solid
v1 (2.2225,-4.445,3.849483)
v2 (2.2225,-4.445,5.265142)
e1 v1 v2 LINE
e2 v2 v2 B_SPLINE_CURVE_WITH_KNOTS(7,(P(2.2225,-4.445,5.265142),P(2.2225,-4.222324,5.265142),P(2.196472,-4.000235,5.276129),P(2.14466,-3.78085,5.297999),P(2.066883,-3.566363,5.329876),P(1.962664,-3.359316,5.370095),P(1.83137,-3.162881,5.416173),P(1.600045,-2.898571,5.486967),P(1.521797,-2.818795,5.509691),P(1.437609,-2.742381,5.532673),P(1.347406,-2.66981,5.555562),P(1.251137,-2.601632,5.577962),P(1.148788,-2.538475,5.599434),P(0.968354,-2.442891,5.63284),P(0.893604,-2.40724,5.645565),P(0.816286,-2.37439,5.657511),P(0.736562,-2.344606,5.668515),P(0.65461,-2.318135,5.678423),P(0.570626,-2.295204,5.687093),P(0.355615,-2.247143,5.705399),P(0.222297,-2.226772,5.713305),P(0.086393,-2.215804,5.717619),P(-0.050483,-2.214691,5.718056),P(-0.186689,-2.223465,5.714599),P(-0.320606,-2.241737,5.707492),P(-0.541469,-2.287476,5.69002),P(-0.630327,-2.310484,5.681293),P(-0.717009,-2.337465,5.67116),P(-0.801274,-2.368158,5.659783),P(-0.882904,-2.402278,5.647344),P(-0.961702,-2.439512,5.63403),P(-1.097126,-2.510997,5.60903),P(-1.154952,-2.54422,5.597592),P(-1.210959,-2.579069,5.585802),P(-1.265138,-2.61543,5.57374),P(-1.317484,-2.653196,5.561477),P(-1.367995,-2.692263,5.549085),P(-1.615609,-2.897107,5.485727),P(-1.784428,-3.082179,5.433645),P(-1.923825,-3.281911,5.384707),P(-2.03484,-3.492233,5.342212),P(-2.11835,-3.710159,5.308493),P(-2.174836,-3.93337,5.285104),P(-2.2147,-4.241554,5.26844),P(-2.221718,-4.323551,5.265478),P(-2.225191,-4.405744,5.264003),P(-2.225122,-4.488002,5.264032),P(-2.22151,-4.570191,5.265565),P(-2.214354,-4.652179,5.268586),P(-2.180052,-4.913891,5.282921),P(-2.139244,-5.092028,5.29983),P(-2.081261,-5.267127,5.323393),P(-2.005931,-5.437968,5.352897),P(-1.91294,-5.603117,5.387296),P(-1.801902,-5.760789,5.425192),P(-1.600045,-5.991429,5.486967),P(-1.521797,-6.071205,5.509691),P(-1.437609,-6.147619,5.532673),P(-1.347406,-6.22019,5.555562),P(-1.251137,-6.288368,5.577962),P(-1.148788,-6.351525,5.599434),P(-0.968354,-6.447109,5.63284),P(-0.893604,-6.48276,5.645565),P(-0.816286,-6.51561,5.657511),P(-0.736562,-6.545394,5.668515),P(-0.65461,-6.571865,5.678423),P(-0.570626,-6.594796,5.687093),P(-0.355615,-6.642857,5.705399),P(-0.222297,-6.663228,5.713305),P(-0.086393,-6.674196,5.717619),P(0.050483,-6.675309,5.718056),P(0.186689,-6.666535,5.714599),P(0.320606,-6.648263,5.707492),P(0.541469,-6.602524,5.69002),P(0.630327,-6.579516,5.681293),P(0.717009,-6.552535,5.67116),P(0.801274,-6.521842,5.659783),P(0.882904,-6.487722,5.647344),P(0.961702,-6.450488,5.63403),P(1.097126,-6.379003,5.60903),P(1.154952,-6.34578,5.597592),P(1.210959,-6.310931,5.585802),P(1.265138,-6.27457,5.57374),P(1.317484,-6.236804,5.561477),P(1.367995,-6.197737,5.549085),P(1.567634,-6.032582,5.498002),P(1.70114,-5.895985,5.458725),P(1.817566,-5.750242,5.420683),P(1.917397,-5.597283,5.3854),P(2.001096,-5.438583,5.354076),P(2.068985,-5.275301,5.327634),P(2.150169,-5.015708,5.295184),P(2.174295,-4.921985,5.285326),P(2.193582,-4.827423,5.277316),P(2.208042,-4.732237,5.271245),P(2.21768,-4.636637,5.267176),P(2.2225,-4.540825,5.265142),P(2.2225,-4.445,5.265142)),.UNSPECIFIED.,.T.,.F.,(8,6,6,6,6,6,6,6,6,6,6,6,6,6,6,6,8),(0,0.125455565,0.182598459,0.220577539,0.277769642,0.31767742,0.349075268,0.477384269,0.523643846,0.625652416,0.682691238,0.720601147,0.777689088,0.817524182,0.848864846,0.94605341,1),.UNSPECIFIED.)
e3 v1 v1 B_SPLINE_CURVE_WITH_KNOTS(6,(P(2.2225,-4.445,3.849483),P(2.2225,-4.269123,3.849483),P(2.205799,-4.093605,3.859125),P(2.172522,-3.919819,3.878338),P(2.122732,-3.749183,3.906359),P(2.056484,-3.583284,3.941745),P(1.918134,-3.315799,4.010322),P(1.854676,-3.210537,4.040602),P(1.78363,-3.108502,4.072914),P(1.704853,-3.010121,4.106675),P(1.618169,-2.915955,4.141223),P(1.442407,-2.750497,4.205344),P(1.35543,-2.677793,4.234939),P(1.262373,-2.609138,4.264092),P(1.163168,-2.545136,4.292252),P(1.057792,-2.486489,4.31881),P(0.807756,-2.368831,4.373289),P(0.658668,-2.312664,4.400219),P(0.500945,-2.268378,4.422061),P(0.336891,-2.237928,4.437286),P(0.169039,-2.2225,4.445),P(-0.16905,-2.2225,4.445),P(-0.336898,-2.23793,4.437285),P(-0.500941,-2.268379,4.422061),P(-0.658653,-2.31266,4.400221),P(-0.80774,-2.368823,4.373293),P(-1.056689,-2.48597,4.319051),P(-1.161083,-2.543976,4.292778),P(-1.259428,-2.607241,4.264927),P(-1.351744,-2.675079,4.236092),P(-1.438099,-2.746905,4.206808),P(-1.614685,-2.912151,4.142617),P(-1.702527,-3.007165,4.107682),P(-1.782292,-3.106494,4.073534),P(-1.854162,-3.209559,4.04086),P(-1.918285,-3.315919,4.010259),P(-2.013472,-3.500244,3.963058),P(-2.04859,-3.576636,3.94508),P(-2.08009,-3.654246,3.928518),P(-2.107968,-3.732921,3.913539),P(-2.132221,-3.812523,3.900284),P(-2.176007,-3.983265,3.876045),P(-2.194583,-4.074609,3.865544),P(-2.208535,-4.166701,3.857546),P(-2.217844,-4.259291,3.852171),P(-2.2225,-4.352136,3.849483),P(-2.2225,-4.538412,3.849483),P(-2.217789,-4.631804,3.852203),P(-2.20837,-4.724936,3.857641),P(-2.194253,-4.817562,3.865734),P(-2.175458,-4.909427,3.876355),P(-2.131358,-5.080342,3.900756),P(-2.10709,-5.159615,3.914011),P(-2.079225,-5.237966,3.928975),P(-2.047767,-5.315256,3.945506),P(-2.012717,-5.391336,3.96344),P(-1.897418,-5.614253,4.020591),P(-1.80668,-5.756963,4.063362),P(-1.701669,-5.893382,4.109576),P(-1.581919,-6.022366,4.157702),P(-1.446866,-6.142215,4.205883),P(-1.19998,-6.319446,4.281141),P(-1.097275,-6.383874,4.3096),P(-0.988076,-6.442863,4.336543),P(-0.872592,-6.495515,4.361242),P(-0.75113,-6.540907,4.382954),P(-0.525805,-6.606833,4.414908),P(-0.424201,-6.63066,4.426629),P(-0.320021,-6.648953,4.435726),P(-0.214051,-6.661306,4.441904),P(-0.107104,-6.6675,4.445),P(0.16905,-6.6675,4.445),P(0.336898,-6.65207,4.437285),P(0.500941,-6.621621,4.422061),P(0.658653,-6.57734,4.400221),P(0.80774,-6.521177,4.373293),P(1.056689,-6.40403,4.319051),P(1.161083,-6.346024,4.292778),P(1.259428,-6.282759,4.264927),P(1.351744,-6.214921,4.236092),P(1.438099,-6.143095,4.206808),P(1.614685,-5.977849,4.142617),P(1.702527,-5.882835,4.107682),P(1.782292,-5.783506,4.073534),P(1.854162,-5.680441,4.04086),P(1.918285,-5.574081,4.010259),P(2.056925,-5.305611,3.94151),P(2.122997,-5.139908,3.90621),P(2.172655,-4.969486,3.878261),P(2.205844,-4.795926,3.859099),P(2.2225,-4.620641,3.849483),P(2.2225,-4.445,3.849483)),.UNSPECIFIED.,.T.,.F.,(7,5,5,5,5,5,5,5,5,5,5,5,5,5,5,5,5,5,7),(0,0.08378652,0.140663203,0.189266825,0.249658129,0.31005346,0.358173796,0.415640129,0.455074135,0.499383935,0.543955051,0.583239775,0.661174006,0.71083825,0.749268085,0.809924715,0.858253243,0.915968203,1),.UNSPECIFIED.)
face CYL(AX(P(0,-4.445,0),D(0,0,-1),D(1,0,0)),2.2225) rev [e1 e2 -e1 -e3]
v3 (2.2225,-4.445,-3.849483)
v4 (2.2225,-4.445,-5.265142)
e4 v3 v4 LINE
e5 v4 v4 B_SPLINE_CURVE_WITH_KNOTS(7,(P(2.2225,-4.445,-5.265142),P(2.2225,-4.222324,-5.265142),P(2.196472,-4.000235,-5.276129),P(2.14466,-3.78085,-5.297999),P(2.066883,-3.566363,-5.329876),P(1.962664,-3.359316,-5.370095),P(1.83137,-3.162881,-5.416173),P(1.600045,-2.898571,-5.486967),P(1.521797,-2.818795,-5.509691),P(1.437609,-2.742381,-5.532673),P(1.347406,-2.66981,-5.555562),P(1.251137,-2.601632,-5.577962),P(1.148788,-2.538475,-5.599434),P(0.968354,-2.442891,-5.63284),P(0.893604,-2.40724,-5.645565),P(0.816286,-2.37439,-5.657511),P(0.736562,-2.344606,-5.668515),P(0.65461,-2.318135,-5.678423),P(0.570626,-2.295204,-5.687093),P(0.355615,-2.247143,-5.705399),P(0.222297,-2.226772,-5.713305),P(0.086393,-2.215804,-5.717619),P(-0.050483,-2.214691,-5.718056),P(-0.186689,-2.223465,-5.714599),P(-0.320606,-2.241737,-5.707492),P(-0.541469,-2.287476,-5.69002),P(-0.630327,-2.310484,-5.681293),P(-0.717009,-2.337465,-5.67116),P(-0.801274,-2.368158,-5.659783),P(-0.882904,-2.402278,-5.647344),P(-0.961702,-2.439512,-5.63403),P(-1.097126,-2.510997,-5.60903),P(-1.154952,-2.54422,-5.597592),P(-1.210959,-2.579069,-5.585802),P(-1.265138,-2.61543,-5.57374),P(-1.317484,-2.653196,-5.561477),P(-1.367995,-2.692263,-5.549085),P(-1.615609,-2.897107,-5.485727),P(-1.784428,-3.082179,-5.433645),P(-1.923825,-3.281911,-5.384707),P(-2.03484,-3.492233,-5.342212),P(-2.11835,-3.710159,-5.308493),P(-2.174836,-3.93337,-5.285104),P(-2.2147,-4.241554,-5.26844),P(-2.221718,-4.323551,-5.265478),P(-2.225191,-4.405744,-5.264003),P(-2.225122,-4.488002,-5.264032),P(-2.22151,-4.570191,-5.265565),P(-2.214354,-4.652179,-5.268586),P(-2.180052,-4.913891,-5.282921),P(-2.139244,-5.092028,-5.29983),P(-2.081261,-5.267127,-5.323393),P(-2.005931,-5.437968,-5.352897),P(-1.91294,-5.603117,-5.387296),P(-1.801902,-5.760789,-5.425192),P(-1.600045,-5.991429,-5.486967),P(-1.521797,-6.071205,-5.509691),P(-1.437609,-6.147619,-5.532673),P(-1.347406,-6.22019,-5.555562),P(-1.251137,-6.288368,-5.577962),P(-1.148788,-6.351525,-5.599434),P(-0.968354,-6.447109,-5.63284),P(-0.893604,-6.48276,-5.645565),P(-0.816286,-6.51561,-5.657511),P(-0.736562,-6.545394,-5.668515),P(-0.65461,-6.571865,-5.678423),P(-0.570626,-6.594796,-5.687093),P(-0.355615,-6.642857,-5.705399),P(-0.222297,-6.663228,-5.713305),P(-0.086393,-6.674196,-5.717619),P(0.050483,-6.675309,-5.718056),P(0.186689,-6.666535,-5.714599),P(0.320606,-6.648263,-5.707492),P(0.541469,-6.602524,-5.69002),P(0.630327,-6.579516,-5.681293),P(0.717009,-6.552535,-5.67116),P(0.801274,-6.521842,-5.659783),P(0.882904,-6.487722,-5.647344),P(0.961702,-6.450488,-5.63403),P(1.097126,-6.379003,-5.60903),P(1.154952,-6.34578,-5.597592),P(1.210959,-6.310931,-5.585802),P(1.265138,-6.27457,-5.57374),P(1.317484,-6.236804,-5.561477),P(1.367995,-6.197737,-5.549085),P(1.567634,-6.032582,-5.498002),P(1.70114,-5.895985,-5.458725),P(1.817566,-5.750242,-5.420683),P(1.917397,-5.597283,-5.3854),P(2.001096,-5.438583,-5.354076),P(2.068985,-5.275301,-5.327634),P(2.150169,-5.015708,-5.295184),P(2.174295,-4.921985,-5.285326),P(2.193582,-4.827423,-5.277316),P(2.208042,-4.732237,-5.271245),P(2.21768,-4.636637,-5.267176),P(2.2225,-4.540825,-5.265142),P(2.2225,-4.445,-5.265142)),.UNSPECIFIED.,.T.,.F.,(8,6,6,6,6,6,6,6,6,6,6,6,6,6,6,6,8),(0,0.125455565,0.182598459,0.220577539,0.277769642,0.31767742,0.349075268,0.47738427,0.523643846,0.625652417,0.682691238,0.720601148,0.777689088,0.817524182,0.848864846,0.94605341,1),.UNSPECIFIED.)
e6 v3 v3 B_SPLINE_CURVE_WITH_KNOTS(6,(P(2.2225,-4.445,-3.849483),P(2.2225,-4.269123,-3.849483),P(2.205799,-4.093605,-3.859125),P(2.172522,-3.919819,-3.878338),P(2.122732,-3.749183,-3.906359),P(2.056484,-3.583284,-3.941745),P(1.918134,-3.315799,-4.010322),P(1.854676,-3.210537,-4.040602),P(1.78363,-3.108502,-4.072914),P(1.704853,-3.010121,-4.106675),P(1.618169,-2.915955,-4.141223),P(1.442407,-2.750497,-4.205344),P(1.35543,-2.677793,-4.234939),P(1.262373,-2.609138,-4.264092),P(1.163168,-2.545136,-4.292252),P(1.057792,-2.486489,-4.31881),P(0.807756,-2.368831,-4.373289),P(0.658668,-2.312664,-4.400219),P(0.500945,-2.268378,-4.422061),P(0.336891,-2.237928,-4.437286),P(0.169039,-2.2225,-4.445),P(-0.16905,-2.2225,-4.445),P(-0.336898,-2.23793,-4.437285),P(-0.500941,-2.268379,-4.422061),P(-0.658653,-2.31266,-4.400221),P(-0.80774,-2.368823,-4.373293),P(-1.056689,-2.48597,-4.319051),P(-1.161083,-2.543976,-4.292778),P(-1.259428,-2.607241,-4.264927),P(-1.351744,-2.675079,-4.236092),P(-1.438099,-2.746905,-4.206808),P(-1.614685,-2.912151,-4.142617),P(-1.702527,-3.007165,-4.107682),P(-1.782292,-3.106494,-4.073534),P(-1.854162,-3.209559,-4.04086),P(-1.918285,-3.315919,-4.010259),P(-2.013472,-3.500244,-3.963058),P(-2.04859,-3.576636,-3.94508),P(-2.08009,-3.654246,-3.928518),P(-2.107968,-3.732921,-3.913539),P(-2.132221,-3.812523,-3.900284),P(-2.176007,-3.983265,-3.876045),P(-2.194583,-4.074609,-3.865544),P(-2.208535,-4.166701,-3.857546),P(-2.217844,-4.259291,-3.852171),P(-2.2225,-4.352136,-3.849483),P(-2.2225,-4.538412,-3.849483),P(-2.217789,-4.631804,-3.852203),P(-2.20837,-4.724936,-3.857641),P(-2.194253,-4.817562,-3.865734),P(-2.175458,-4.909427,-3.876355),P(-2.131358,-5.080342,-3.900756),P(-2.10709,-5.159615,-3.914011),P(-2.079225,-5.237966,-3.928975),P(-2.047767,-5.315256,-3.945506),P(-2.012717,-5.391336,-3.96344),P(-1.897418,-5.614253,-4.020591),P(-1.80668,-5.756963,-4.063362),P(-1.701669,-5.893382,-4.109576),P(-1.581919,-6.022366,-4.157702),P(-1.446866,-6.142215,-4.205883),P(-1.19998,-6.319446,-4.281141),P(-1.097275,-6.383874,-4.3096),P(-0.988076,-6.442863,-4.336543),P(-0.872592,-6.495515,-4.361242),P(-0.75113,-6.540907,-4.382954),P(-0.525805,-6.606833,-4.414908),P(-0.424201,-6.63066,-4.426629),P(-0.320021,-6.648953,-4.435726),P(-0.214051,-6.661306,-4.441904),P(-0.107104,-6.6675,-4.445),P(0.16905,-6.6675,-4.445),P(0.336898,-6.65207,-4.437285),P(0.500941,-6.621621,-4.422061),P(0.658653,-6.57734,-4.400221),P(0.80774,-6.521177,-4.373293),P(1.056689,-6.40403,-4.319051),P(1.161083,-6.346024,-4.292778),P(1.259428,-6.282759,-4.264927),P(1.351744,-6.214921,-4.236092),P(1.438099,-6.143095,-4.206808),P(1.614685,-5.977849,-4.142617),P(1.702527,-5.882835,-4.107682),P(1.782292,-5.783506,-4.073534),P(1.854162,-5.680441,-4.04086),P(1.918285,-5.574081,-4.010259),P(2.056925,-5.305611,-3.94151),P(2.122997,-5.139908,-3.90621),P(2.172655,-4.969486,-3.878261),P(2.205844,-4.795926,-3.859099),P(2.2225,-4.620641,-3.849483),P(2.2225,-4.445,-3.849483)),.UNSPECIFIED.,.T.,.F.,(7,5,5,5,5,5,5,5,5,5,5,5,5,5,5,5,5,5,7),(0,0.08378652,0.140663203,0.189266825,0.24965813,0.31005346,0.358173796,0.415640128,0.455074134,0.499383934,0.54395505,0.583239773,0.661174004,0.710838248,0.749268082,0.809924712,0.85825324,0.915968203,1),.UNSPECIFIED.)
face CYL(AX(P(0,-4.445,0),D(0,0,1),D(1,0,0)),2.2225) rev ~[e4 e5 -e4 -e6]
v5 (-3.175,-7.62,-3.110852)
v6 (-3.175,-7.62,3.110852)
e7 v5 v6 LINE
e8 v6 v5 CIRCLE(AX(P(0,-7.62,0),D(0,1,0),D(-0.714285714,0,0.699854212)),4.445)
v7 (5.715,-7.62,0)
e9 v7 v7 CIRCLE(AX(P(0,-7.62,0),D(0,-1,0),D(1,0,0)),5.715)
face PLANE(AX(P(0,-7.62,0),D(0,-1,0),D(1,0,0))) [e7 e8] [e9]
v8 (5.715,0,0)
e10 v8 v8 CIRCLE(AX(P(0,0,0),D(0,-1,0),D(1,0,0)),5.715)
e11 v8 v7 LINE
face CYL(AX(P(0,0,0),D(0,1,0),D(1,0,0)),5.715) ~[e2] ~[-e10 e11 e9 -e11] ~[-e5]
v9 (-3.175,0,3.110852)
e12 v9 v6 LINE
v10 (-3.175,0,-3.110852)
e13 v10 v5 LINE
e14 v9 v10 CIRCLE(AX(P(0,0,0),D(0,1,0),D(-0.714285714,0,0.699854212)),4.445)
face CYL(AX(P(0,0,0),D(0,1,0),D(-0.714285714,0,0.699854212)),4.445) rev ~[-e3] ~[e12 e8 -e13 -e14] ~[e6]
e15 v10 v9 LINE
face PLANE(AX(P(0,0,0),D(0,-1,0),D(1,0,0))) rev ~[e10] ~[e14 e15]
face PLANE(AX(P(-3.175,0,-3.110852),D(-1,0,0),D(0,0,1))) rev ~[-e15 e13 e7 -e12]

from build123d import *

# Parameters (mm, degrees)
F0_R          = 5.715
F1_DEPTH      = 7.62
F2_R          = 2.2225
F3_DEPTH      = 5.716
F3_DEPTH_BACK = 5.716


with BuildPart() as f1:
    # F0 (on Front) → F1 (new body)
    with BuildSketch(Plane.XZ):
        Circle(F0_R)
        with BuildLine():
            ThreePointArc((-3.175, 3.1108519733), (4.445, 0), (-3.175, -3.1108519733))
            Line((-3.175, -3.1108519733), (-3.175, 3.1108519733))
        make_face(mode=Mode.SUBTRACT)
    extrude(amount=F1_DEPTH)

    # F2 (on Top) → F3 (cut, two sides)
    with BuildSketch(Plane.XY) as f3_sk:
        with Locations((0, -4.445)):
            Circle(F2_R)
    extrude(amount=-F3_DEPTH, mode=Mode.SUBTRACT)
    extrude(f3_sk.sketch, amount=F3_DEPTH_BACK, mode=Mode.SUBTRACT)


solid = f1.part
